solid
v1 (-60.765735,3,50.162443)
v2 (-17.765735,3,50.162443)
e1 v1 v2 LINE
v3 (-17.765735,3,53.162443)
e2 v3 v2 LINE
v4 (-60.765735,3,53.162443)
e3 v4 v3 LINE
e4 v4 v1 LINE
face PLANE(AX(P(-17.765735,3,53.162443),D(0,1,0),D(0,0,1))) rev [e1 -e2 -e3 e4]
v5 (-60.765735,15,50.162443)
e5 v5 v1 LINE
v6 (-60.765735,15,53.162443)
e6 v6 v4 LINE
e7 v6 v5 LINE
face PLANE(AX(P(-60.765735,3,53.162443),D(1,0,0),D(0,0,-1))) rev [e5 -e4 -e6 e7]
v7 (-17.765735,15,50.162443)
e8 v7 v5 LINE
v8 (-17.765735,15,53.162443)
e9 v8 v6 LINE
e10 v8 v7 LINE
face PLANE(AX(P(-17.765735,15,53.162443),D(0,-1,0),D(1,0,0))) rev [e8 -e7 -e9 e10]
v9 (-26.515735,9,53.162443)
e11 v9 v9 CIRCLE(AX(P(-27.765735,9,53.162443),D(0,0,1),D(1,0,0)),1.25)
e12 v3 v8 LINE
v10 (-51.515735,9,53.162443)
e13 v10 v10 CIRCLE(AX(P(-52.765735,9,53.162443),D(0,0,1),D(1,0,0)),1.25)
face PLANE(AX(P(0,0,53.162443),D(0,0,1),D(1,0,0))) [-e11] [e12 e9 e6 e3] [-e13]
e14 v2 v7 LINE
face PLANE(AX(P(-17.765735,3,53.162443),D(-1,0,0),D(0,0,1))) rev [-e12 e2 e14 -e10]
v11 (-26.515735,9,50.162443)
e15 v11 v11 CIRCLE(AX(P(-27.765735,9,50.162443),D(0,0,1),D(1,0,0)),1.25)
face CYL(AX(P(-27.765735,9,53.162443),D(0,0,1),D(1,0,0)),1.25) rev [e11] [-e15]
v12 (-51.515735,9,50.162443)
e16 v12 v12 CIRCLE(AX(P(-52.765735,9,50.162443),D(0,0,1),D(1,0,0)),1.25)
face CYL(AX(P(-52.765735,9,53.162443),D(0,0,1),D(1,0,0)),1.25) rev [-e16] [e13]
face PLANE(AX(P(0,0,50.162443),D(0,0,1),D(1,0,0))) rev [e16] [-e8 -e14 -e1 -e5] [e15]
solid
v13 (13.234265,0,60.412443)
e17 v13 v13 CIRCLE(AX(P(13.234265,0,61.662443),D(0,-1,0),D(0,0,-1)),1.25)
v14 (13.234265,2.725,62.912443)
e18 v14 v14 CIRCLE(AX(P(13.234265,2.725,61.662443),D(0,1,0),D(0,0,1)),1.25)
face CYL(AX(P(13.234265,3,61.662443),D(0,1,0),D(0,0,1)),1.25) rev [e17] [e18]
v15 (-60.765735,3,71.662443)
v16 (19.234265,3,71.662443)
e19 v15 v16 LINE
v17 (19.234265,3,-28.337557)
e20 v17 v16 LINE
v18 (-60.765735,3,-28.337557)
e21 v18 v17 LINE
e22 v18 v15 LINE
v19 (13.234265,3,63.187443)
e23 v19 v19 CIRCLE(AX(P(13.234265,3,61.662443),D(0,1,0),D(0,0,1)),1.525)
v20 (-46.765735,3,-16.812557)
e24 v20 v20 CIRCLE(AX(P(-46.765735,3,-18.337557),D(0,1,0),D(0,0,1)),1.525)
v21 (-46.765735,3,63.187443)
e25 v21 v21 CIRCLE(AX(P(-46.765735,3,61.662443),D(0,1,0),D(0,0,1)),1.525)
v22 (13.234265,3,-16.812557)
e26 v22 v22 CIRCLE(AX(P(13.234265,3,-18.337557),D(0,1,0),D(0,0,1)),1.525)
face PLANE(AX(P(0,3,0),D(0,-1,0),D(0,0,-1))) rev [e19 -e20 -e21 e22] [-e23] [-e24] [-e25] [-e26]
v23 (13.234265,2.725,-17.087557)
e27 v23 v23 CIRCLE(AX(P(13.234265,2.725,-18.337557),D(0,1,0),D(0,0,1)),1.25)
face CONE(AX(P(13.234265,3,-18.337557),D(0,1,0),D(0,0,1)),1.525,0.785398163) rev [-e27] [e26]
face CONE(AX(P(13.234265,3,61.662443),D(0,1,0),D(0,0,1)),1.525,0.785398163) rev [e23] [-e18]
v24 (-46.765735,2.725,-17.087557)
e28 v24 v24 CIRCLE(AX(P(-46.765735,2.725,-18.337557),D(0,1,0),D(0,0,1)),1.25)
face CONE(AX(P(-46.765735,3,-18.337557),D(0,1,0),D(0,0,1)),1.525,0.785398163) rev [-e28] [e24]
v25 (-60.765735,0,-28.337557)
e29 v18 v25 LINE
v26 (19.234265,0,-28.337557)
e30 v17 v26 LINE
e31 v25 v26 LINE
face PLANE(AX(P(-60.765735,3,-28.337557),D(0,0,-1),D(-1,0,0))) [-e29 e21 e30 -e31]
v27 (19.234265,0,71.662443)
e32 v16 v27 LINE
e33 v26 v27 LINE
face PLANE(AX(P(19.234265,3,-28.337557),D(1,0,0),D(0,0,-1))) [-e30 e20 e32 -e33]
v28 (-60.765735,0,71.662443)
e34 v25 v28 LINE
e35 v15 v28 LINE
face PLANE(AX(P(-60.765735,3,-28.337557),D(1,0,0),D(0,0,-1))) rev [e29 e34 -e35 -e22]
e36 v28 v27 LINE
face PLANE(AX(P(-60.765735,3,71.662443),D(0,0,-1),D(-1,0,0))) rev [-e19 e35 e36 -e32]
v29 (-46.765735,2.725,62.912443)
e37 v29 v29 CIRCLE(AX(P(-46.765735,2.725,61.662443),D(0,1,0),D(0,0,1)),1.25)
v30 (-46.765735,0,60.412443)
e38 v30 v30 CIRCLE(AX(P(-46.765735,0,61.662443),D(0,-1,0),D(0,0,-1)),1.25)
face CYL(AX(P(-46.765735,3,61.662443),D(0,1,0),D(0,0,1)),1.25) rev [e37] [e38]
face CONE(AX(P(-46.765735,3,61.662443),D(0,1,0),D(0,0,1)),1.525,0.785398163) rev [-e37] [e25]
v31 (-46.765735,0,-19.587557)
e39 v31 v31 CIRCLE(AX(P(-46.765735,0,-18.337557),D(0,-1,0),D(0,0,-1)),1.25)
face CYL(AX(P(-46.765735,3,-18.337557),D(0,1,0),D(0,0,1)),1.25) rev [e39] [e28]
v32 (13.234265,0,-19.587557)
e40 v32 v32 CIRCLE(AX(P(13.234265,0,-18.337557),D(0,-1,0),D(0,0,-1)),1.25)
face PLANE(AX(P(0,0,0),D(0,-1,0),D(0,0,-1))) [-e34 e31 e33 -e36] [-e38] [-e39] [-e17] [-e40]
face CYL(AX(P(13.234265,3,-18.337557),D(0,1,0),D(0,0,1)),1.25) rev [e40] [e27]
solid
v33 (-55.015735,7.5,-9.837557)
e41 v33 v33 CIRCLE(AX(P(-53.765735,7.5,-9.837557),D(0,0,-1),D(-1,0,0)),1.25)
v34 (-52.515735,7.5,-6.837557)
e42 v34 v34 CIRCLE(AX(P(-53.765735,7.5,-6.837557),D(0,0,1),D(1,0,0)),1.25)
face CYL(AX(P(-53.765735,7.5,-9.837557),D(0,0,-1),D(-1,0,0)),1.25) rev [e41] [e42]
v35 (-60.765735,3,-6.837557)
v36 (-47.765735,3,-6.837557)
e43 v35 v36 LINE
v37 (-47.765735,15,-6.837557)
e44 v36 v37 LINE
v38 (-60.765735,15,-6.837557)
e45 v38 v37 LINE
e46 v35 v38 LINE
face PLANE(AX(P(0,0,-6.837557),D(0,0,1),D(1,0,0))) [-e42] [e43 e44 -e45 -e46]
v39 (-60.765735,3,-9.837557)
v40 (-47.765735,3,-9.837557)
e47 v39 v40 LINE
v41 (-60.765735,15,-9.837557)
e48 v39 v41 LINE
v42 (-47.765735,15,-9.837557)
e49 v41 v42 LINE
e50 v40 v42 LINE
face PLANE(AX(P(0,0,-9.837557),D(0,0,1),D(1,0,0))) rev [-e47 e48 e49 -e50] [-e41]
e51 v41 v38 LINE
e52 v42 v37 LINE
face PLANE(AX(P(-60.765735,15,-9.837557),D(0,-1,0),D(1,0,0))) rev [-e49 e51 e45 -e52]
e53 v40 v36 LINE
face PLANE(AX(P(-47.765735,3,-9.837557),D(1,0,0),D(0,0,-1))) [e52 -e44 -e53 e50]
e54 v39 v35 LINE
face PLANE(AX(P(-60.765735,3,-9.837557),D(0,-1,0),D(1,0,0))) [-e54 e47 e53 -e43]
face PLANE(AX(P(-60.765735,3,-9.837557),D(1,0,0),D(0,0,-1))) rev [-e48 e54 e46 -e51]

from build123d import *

# Parameters (mm, degrees)
SKETCH_1_W                   = 80
SKETCH_1_H                   = 100
EXTRUDE_1_DEPTH              = 3
SKETCH_2_W                   = 97
SKETCH_2_H                   = 57
SKETCH_2_W_2                 = 91
SKETCH_2_H_2                 = 51
EXTRUDE_2_DEPTH              = 45
SKETCH_3_W                   = 3
SKETCH_3_H                   = 34
EXTRUDE_3_DEPTH              = 51
SKETCH_4_W                   = 30
SKETCH_4_H                   = 6
CUT_EXTRUDE_2_DEPTH          = 50
SKETCH_5_W                   = 57
SKETCH_5_H                   = 57
SKETCH_5_W_2                 = 51
SKETCH_5_H_2                 = 51
EXTRUDE_4_DEPTH              = 30
HOLE_WIZARD_M3_1_D           = 2.5
HOLE_WIZARD_M3_1_CSINK_D     = 3.05
HOLE_WIZARD_M3_1_CSINK_ANGLE = 90
SKETCH_9_W                   = 3
SKETCH_9_H                   = 57
CUT_EXTRUDE_3_DEPTH          = 27
SKETCH_10_W                  = 50
SKETCH_10_H                  = 8
CUT_EXTRUDE_4_DEPTH          = 30
HOLE_WIZARD_M3_3_D           = 2.5
HOLE_WIZARD_M3_3_DEPTH       = 3
HOLE_WIZARD_M3_4_D           = 2.5
HOLE_WIZARD_M3_4_DEPTH       = 3
SKETCH_23_W                  = 43
SKETCH_23_H                  = 12
EXTRUDE_8_DEPTH              = 3
SKETCH_28_W                  = 13
SKETCH_28_H                  = 12
EXTRUDE_9_DEPTH              = 3
SKETCH_31_W                  = 57
SKETCH_31_H                  = 45
CUT_EXTRUDE_5_DEPTH          = 130.801793915
SKETCH_32_W                  = 54
SKETCH_32_H                  = 57
CUT_EXTRUDE_6_DEPTH          = 139.588165155
SKETCH_37_W                  = 1.25
SKETCH_37_H                  = 3
HOLE_WIZARD_M3_5_AT_2_COUNT  = 2
HOLE_WIZARD_M3_5_AT_2_PITCH  = 25
SKETCH_39_W                  = 1.25
SKETCH_39_H                  = 3


with BuildPart() as part:
    # 草图1 → 凸台-拉伸1 (new body)
    with BuildSketch(Plane(origin=(0, 0, 0), x_dir=(1, 0, 0), z_dir=(0, 1, 0))):
        with Locations((-20.765734509, -21.662442769)):
            Rectangle(SKETCH_1_W, SKETCH_1_H)
    extrude(amount=EXTRUDE_1_DEPTH)

    # 草图2 → 凸台-拉伸2 (add)
    with BuildSketch(Plane(origin=(0, 3, 0), x_dir=(1, 0, 0), z_dir=(0, 1, 0))):
        with Locations((-66.265734509, -21.662442769)):
            Rectangle(SKETCH_2_W, SKETCH_2_H)
        with Locations((-66.265734509, -21.662442769)):
            Rectangle(SKETCH_2_W_2, SKETCH_2_H_2, mode=Mode.SUBTRACT)
    extrude(amount=EXTRUDE_2_DEPTH)

    # 草图3 → 凸台-拉伸3 (add)
    with BuildSketch(Plane.XY.offset(-3.837557231)):
        with Locations((-73.265734509, 31)):
            Rectangle(SKETCH_3_W, SKETCH_3_H)
    extrude(amount=EXTRUDE_3_DEPTH)

    # 草图4 → 切除-拉伸2 (cut)
    with BuildSketch(Plane(origin=(0, 0, -6.837557231), x_dir=(-1, 0, 0), z_dir=(0, 0, -1))):
        with Locations((32.765734509, 6)):
            Rectangle(SKETCH_4_W, SKETCH_4_H)
    extrude(amount=-CUT_EXTRUDE_2_DEPTH, mode=Mode.SUBTRACT)

    # 草图5 → 凸台-拉伸4 (add)
    with BuildSketch(Plane.XZ.offset(-3)):
        with Locations((-86.265734509, 21.662442769)):
            Rectangle(SKETCH_5_W, SKETCH_5_H)
        with Locations((-86.265734509, 21.662442769)):
            Rectangle(SKETCH_5_W_2, SKETCH_5_H_2, mode=Mode.SUBTRACT)
    extrude(amount=EXTRUDE_4_DEPTH)

    # M3 螺纹孔1 (through all)
    with Locations(Plane(origin=(0, 3, 0), x_dir=(1, 0, 0), z_dir=(0, 1, 0))):
        with Locations((-46.765734509, 18.337557231), (13.234265491, 18.337557231), (13.234265491, -61.662442769), (-46.765734509, -61.662442769)):
            CounterSinkHole(HOLE_WIZARD_M3_1_D / 2, HOLE_WIZARD_M3_1_CSINK_D / 2, counter_sink_angle=HOLE_WIZARD_M3_1_CSINK_ANGLE)

    # 草图9 → 切除-拉伸3 (cut)
    with BuildSketch(Plane(origin=(0, -27, 0), x_dir=(-1, 0, 0), z_dir=(0, -1, 0))):
        with Locations((59.265734509, -21.662442769)):
            Rectangle(SKETCH_9_W, SKETCH_9_H)
    extrude(amount=-CUT_EXTRUDE_3_DEPTH, mode=Mode.SUBTRACT)

    # 草图10 → 切除-拉伸4 (cut)
    with BuildSketch(Plane(origin=(-17.765734509, 0, 0), x_dir=(0, 0, -1), z_dir=(1, 0, 0))):
        with Locations((-18.162442769, 7)):
            Rectangle(SKETCH_10_W, SKETCH_10_H)
    extrude(amount=-CUT_EXTRUDE_4_DEPTH, mode=Mode.SUBTRACT)

    # M3 螺纹孔3
    with Locations(Plane(origin=(0, 0, -6.837557231), x_dir=(-1, 0, 0), z_dir=(0, 0, -1))):
        with Locations((53.765734509, 7.5)):
            Hole(HOLE_WIZARD_M3_3_D / 2, depth=HOLE_WIZARD_M3_3_DEPTH)

    # M3 螺纹孔4
    with Locations(Plane.XY.offset(50.162442769)):
        with Locations((-52.765734509, 9), (-27.765734509, 9)):
            Hole(HOLE_WIZARD_M3_4_D / 2, depth=HOLE_WIZARD_M3_4_DEPTH)

    # 草图31 → 切除-拉伸5 (cut, through all)
    with BuildSketch(Plane(origin=(-17.765734509, 0, 0), x_dir=(0, 0, -1), z_dir=(1, 0, 0))):
        with Locations((-21.662442769, 25.5)):
            Rectangle(SKETCH_31_W, SKETCH_31_H)
    extrude(amount=-CUT_EXTRUDE_5_DEPTH, mode=Mode.SUBTRACT)

    # 草图32 → 切除-拉伸6 (cut, through all)
    with BuildSketch(Plane(origin=(0, 3, 0), x_dir=(1, 0, 0), z_dir=(0, 1, 0))):
        with Locations((-87.765734509, -21.662442769)):
            Rectangle(SKETCH_32_W, SKETCH_32_H)
    extrude(amount=-CUT_EXTRUDE_6_DEPTH, mode=Mode.SUBTRACT)


with BuildPart() as body_2:
    # 草图23 → 凸台-拉伸8 (new body)
    with BuildSketch(Plane.XY.offset(50.162442769)):
        with Locations((-39.265734509, 9)):
            Rectangle(SKETCH_23_W, SKETCH_23_H)
    extrude(amount=EXTRUDE_8_DEPTH)

    # 草图37 → M3 螺纹孔5 (revolve, cut)
    with BuildSketch(Plane(origin=(-52.765734509, 9, 53.162442769), x_dir=(0, -1, 0), z_dir=(1, 0, 0))):
        with Locations((0.625, 1.5)):
            Rectangle(SKETCH_37_W, SKETCH_37_H)
    hole_wizard_m3_5 = revolve(axis=Axis((-52.765734509, 9, 59.512442769), (0, 0, -1)), mode=Mode.SUBTRACT)

    # M3 螺纹孔5 at 2: M3 螺纹孔5 ×2
    with Locations(*[(i * HOLE_WIZARD_M3_5_AT_2_PITCH, 0, 0) for i in range(1, HOLE_WIZARD_M3_5_AT_2_COUNT)]):
        add(hole_wizard_m3_5, mode=Mode.SUBTRACT)


with BuildPart() as body_3:
    # 草图28 → 凸台-拉伸9 (new body)
    with BuildSketch(Plane(origin=(0, 0, -6.837557231), x_dir=(-1, 0, 0), z_dir=(0, 0, -1))):
        with Locations((54.265734509, 9)):
            Rectangle(SKETCH_28_W, SKETCH_28_H)
    extrude(amount=EXTRUDE_9_DEPTH)

    # 草图39 → M3 螺纹孔6 (revolve, cut)
    with BuildSketch(Plane(origin=(-53.765734509, 7.5, -9.837557231), x_dir=(0, 1, 0), z_dir=(1, 0, 0))):
        with Locations((0.625, 1.5)):
            Rectangle(SKETCH_39_W, SKETCH_39_H)
    revolve(axis=Axis((-53.765734509, 7.5, -16.187557231), (0, 0, 1)), mode=Mode.SUBTRACT)


solid = Compound([part.part, body_2.part, body_3.part])
